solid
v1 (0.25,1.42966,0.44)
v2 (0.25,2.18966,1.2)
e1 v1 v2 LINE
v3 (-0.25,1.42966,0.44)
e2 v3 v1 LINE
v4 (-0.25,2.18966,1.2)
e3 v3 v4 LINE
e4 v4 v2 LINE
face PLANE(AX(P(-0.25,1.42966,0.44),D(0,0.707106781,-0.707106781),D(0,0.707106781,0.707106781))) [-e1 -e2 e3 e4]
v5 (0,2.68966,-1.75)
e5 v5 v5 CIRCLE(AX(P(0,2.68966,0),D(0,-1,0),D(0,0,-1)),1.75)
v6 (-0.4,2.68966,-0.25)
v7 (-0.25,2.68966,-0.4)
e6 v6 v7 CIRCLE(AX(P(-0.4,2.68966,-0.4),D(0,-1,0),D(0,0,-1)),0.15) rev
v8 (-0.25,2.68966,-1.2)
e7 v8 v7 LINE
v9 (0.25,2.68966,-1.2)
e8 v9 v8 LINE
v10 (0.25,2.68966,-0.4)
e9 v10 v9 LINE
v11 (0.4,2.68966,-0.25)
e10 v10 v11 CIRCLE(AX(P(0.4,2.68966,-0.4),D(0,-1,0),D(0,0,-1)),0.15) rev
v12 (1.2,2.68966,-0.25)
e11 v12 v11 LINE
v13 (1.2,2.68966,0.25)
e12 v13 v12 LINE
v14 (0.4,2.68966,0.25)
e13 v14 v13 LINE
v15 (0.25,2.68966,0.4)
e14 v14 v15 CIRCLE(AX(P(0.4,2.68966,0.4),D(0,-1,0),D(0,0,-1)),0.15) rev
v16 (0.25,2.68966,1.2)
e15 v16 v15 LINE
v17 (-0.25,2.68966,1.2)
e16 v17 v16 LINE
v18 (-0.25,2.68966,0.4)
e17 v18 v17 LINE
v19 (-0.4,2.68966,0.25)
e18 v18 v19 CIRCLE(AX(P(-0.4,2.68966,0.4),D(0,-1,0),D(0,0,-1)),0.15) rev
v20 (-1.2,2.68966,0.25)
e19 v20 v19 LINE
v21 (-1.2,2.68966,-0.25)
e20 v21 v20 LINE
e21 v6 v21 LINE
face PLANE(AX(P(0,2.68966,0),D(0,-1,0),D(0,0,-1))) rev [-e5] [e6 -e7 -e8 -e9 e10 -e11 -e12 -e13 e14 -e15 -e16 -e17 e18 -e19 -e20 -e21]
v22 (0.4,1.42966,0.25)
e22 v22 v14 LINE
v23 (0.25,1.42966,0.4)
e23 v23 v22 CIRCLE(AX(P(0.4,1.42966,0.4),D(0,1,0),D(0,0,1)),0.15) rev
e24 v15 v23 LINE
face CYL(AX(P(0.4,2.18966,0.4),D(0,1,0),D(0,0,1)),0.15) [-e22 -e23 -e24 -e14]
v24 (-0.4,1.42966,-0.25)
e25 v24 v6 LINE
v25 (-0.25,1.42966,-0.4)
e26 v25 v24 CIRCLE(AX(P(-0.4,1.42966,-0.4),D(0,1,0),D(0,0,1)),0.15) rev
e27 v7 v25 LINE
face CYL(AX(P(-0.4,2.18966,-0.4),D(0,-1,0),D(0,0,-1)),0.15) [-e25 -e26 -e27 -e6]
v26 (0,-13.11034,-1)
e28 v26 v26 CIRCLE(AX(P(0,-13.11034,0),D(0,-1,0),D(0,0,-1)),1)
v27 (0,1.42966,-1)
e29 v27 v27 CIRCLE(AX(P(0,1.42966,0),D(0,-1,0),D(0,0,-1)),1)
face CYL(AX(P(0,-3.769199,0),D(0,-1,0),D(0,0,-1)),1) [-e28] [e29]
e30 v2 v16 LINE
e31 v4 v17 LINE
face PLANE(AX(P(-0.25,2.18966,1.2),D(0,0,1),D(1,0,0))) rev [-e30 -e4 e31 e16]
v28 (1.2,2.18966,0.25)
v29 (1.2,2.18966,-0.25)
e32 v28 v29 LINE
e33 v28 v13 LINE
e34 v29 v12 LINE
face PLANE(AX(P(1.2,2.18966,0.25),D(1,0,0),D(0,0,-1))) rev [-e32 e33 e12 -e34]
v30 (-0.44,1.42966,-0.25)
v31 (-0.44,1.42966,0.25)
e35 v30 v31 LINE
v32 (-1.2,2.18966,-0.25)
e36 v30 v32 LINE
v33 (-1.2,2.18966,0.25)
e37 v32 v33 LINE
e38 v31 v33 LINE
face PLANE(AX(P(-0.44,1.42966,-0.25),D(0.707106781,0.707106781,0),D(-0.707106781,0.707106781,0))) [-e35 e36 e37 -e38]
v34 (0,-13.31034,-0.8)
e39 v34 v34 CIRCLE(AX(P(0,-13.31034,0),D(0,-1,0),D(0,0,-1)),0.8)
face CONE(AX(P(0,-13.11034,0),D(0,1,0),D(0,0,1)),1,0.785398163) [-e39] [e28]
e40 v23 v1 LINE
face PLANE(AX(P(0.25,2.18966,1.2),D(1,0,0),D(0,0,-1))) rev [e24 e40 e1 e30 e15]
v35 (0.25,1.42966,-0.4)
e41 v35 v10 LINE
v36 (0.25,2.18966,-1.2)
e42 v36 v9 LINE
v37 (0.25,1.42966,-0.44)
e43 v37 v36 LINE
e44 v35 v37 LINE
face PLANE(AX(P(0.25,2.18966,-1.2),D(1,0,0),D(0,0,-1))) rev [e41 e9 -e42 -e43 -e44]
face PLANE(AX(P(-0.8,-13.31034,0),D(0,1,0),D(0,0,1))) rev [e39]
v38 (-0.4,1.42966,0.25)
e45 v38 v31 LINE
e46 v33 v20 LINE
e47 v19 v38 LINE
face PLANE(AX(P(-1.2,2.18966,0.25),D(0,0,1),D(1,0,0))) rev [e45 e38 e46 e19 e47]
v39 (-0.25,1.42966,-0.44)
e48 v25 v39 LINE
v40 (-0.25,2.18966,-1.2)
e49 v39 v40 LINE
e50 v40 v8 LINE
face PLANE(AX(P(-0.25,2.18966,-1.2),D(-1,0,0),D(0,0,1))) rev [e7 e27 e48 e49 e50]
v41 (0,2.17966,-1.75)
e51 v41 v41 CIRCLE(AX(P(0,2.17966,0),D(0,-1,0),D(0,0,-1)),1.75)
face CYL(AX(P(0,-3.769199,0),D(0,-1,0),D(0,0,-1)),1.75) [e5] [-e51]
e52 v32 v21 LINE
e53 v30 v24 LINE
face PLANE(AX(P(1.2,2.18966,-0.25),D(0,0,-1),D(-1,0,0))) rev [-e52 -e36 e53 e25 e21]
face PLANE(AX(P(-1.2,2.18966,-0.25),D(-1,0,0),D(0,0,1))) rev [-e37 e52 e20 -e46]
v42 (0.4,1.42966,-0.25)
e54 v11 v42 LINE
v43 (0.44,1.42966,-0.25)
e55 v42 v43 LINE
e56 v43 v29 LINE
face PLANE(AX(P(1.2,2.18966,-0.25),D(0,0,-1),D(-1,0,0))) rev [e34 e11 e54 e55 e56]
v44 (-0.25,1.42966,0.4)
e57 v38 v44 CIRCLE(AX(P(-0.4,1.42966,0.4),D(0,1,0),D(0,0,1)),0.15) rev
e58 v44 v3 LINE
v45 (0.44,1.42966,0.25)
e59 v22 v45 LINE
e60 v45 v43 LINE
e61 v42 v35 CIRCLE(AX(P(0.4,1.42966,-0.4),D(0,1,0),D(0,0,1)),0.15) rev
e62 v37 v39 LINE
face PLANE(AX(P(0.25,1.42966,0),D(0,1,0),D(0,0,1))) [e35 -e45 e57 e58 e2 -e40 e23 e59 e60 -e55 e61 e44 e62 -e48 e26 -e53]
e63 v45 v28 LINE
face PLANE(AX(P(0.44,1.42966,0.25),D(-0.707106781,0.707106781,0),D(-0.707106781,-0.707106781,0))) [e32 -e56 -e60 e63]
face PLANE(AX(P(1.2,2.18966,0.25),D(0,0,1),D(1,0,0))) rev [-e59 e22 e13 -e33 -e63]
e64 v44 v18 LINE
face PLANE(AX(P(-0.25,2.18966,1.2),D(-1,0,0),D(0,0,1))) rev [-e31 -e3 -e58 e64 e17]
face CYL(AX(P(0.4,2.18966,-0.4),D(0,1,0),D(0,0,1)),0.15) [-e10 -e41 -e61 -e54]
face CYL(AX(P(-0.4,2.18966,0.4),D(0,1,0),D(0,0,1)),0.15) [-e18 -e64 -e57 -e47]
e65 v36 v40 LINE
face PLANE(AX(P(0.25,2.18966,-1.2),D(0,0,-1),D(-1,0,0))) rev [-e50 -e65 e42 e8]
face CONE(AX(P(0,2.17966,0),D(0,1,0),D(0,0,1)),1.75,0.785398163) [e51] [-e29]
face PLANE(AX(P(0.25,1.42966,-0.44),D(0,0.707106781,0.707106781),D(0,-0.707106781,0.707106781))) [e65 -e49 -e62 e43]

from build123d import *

# Parameters (mm, degrees)
SKETCH_2_W               = 0.5
SKETCH_2_H               = 1.2
CUT_EXTRUDE_1_DEPTH      = 0.5
CUT_EXTRUDE_2_DEPTH      = 0.5
PATTERN_CIRCULAR_1_COUNT = 4
FILLET_1_R               = 0.15


with BuildPart() as part:
    # 草图1 → 旋转1 (revolve)
    with BuildSketch(Plane.XY, mode=Mode.PRIVATE) as revolve_1_sk:
        Polygon((0, 2.689659811), (-1.75, 2.689659811), (-1.75, 2.179659811), (-1, 1.429659811), (-1, -13.110340189), (-0.8, -13.310340189), (0, -13.310340189), align=None)
    revolve(revolve_1_sk.sketch.rotate(Axis((0, -3.769198969, 0), (0, 1, 0)), 270), axis=Axis((0, -3.769198969, 0), (0, 1, 0)))

    # 草图2 → 切除-拉伸1 (cut)
    with BuildSketch(Plane(origin=(0, 2.689659811, 0), x_dir=(1, 0, 0), z_dir=(0, 1, 0))):
        with Locations((0, 0.6)):
            Rectangle(SKETCH_2_W, SKETCH_2_H)
    cut_extrude_1 = extrude(amount=-CUT_EXTRUDE_1_DEPTH, mode=Mode.SUBTRACT)

    # 草图3 → 切除-拉伸2 (cut)
    with BuildSketch(Plane(origin=(-0.25, 0, 0), x_dir=(0, 0, -1), z_dir=(1, 0, 0))):
        Polygon((0, 2.189659811), (0, 1.429659811), (0.44, 1.429659811), (1.2, 2.189659811), align=None)
    cut_extrude_2 = extrude(amount=CUT_EXTRUDE_2_DEPTH, mode=Mode.SUBTRACT)

    # 阵列(圆周)1: 切除-拉伸1, 切除-拉伸2 ×4 about axis
    pattern_circular_1_axis = Axis((0, 0, 0), (0, 1, 0))
    add([cut_extrude_1.rotate(pattern_circular_1_axis, i * 360 / PATTERN_CIRCULAR_1_COUNT) for i in range(1, PATTERN_CIRCULAR_1_COUNT)], mode=Mode.SUBTRACT)
    add([cut_extrude_2.rotate(pattern_circular_1_axis, i * 360 / PATTERN_CIRCULAR_1_COUNT) for i in range(1, PATTERN_CIRCULAR_1_COUNT)], mode=Mode.SUBTRACT)

    # 圆角1
    fillet_1_edges = [part.edges().sort_by_distance(p)[0] for p in [
        (0.25, 2.059659811, -0.25),
        (-0.25, 2.059659811, -0.25),
        (0.25, 2.059659811, 0.25),
        (-0.25, 2.059659811, 0.25),
    ]]
    fillet(fillet_1_edges, radius=FILLET_1_R)


solid = part.part
